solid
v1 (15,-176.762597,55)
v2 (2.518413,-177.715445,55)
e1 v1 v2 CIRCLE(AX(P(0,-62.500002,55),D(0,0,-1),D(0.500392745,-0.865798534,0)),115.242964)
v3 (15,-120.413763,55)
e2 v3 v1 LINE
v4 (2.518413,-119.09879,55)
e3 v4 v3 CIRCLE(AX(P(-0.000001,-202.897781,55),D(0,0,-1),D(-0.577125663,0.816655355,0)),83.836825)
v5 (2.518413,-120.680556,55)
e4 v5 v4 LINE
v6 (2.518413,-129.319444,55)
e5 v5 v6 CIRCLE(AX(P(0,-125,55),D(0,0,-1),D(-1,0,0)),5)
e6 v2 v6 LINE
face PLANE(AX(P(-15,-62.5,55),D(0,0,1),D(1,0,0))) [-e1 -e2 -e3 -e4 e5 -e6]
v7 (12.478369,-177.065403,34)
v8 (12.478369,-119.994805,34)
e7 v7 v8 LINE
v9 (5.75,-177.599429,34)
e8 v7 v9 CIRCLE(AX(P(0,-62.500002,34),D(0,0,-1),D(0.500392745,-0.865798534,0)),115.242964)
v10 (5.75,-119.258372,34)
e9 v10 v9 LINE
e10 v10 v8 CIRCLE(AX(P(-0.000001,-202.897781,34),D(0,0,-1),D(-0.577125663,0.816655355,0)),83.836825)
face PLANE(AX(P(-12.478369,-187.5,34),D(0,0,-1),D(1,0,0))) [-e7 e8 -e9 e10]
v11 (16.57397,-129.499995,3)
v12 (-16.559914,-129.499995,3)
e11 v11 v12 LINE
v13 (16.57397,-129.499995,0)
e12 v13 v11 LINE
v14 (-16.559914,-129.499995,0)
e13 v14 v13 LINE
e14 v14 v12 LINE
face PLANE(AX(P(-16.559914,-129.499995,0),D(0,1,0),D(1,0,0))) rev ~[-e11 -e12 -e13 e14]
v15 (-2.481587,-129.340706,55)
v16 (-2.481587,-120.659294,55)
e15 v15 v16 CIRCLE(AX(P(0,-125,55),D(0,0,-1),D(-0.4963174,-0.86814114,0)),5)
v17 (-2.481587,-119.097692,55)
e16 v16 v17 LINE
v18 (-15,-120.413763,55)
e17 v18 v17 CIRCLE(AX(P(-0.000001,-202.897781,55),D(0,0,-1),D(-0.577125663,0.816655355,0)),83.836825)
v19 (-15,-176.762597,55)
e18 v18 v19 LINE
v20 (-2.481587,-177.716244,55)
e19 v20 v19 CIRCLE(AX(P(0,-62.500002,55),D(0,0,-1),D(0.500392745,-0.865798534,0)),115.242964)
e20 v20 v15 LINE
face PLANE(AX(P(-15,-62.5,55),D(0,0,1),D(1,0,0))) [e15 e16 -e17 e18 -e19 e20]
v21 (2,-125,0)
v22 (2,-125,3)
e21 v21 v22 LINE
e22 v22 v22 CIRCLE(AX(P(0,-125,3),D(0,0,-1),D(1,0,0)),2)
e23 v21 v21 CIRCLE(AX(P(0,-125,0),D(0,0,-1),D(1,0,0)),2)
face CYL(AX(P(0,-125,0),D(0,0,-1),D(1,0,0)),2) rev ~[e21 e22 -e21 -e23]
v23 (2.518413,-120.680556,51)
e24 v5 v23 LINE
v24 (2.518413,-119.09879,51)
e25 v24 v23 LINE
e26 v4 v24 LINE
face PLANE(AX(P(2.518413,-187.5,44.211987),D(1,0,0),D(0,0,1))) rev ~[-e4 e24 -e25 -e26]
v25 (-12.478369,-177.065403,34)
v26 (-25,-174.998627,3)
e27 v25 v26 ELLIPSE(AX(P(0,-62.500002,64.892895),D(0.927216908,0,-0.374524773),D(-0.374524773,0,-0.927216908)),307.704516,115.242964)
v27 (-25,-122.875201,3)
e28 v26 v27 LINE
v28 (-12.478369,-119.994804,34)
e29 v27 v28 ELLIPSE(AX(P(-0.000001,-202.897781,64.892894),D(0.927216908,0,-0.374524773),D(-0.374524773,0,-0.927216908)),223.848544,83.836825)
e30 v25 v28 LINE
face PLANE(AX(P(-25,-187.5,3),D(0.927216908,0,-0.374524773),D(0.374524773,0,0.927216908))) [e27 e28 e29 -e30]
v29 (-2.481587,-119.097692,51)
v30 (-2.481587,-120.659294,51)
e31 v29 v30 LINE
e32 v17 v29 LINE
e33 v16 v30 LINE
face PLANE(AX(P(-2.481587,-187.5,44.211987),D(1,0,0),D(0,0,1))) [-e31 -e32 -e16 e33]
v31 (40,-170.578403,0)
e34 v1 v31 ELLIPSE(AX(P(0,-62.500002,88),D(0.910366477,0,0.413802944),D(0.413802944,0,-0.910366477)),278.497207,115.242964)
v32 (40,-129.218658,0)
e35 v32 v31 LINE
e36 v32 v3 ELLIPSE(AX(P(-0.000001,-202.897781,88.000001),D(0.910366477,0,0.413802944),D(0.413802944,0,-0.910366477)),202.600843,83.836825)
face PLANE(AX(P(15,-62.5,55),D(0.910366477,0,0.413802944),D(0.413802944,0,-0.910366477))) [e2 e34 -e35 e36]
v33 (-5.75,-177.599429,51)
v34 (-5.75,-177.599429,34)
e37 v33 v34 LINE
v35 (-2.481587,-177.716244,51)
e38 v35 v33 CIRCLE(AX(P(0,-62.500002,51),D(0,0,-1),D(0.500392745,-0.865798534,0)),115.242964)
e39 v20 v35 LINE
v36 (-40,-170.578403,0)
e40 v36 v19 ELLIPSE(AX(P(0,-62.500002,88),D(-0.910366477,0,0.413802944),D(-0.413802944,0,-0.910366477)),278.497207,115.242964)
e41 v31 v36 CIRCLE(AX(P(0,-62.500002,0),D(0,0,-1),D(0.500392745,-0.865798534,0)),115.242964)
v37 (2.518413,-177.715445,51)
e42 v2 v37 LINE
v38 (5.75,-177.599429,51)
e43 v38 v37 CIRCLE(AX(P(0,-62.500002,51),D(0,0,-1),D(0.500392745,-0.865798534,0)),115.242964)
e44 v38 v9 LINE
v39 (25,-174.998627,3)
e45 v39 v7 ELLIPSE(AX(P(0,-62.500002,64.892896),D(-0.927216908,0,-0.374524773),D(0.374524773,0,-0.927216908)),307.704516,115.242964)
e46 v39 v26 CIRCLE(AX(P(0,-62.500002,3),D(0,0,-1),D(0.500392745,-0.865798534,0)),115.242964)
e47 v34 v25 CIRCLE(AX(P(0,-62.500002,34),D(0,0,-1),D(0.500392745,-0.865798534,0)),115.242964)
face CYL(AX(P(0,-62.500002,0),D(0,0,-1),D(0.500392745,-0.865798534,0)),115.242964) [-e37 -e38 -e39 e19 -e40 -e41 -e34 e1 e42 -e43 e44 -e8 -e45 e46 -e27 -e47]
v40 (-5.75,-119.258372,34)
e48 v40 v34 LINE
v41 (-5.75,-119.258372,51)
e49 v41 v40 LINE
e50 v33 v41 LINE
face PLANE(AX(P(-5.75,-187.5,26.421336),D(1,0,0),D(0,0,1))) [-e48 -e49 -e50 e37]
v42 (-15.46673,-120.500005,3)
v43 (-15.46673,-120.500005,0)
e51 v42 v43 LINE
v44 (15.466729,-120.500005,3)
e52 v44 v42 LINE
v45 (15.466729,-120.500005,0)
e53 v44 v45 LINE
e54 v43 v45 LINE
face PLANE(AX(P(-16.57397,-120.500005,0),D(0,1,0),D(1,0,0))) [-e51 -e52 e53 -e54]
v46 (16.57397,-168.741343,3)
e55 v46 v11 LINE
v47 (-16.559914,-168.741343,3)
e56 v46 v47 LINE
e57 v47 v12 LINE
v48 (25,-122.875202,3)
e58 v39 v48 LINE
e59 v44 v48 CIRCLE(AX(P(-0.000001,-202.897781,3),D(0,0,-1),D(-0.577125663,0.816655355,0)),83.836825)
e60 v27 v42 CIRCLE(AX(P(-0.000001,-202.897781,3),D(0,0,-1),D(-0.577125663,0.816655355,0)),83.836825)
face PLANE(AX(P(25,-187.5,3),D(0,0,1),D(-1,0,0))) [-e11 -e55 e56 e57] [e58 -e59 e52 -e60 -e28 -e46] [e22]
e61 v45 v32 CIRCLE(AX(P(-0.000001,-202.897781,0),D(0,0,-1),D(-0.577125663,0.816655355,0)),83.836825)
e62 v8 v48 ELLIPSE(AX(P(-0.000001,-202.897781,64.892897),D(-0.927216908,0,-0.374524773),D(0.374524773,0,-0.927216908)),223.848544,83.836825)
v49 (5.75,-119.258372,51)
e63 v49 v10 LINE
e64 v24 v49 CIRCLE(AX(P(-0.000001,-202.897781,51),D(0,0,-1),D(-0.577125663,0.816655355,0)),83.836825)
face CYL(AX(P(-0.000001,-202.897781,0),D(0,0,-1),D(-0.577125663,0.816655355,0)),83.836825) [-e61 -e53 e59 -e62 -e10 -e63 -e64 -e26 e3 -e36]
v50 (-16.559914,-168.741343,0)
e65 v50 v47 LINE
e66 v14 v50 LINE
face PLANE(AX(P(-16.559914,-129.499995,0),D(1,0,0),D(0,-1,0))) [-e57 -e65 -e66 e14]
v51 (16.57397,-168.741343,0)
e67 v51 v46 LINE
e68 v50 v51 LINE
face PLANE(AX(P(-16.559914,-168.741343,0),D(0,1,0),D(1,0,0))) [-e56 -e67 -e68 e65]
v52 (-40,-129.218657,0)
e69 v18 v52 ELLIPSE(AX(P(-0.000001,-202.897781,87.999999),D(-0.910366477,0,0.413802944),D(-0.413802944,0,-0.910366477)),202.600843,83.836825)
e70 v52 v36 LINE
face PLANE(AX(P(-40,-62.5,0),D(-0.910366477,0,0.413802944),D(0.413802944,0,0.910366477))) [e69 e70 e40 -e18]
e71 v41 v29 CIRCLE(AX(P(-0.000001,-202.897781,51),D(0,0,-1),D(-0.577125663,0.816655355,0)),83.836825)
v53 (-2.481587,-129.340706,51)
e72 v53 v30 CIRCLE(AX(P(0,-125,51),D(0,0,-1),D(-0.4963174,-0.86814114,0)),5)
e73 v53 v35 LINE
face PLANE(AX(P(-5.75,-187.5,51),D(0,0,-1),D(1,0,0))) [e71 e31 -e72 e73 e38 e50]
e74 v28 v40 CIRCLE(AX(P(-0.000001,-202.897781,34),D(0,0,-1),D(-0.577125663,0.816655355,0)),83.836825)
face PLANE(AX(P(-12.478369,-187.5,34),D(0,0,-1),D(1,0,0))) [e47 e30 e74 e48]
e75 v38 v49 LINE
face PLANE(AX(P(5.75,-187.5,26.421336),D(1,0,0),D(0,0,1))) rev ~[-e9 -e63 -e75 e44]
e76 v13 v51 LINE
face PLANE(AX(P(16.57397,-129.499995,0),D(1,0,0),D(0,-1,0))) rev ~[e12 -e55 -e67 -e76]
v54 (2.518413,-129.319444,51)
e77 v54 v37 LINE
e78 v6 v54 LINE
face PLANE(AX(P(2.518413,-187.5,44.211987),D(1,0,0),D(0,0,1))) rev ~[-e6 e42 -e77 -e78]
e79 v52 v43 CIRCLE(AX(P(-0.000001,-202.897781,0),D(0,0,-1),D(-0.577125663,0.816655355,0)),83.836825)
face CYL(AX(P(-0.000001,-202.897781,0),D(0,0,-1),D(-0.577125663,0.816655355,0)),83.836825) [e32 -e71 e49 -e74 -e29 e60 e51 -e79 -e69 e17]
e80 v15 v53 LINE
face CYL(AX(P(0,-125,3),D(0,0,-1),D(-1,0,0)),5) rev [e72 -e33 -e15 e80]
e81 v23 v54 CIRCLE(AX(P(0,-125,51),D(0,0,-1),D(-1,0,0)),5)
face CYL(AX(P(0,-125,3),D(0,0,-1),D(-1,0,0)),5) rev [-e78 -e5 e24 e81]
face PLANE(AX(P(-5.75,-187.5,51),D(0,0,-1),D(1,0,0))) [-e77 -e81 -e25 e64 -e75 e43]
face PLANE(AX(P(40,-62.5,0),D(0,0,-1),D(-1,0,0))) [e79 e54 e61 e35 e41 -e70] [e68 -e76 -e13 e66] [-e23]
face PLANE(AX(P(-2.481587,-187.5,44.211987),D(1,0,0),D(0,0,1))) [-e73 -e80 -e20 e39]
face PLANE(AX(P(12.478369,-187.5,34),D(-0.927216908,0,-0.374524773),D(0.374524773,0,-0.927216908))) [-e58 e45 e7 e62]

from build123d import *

# Parameters (mm, degrees)
PAD_DEPTH       = 125
POCKET_DEPTH    = 125.001
SKETCH002_W     = 11.5
SKETCH002_H     = 24.578663
POCKET001_DEPTH = 125.001
SKETCH003_W     = 5
SKETCH003_H     = 32.052196
POCKET002_DEPTH = 107
SKETCH004_R     = 2
POCKET003_DEPTH = 5
SKETCH005_R     = 5
POCKET004_DEPTH = 52.001
SKETCH006_W     = 33.133884
SKETCH006_H     = 39.241348
POCKET005_DEPTH = 5
POCKET006_DEPTH = 55.001


with BuildPart() as part:
    # Sketch001 → Pad (new body)
    with BuildSketch(Plane.XZ.offset(62.5)):
        Polygon((-40, 0), (-15, 55), (15, 55), (40, 0), align=None)
    extrude(amount=PAD_DEPTH)

    # Sketch (on Face6 of Pad) → Pocket (cut, through all)
    with BuildSketch(Plane.XZ.offset(187.5)):
        Polygon((-12.478369, 34), (12.478369, 34), (25, 3), (-25, 3), align=None)
    extrude(amount=-POCKET_DEPTH, mode=Mode.SUBTRACT)

    # Sketch002 (on Face5 of Pocket) → Pocket001 (cut, through all)
    with BuildSketch(Plane.XZ.offset(187.5)):
        with Locations((0, 38.710668)):
            Rectangle(SKETCH002_W, SKETCH002_H)
    extrude(amount=-POCKET001_DEPTH, mode=Mode.SUBTRACT)

    # Sketch003 (on Face5 of Pocket001) → Pocket002 (cut)
    with BuildSketch(Plane.XZ.offset(187.5)):
        with Locations((0.018413, 60.238085)):
            Rectangle(SKETCH003_W, SKETCH003_H)
    extrude(amount=-POCKET002_DEPTH, mode=Mode.SUBTRACT)

    # Sketch004 (on Face2 of Pocket002) → Pocket003 (cut)
    with BuildSketch(Plane(origin=(0, -62.5, 0), x_dir=(1, 0, 0), z_dir=(0, 0, -1))):
        with Locations((0, 62.5)):
            Circle(SKETCH004_R)
    extrude(amount=-POCKET003_DEPTH, mode=Mode.SUBTRACT)

    # Sketch005 (on Face11 of Pocket003) → Pocket004 (cut, through all)
    with BuildSketch(Plane(origin=(0, -62.5, 3), x_dir=(-1, 0, 0), z_dir=(0, 0, 1))):
        with Locations((0, 62.5)):
            Circle(SKETCH005_R)
    extrude(amount=POCKET004_DEPTH, mode=Mode.SUBTRACT)

    # Sketch006 (on Face2 of Pocket004) → Pocket005 (cut)
    with BuildSketch(Plane(origin=(0, -62.5, 0), x_dir=(1, 0, 0), z_dir=(0, 0, -1))):
        with Locations((0.007028, 86.620669)):
            Rectangle(SKETCH006_W, SKETCH006_H)
        with Locations((-0.007028, 38.379331)):
            Rectangle(SKETCH006_W, SKETCH006_H)
    extrude(amount=-POCKET005_DEPTH, mode=Mode.SUBTRACT)

    # Sketch007 (on Face2 of Pocket005) → Pocket006 (cut, through all)
    with BuildSketch(Plane(origin=(0, -62.5, 0), x_dir=(1, 0, 0), z_dir=(0, 0, -1))):
        with BuildLine():
            ThreePointArc((57.666743, 99.777191), (0.524103, 115.241774), (-56.756832, 100.297573))
            Line((-66.493973, 135.547501), (-56.756832, 100.297573))
            Line((80.722458, 130.041382), (-66.493973, 135.547501))
            Line((65.916746, 95.009059), (80.722458, 130.041382))
            Line((57.666743, 99.777191), (65.916746, 95.009059))
        make_face()
        with BuildLine():
            ThreePointArc((-48.384384, 71.931989), (1.820118, 56.580716), (51.310891, 74.096909))
            Line((51.310891, 74.096909), (53.523094, 75.808954))
            Line((53.523094, 75.808954), (72.60817, -29.346481))
            Line((72.60817, -29.346481), (-27.661308, -61.224059))
            Line((-27.661308, -61.224059), (-105.616463, 40.204582))
            Line((-105.616463, 40.204582), (-48.384384, 71.931989))
        make_face()
    extrude(amount=-POCKET006_DEPTH, mode=Mode.SUBTRACT)


solid = part.part
